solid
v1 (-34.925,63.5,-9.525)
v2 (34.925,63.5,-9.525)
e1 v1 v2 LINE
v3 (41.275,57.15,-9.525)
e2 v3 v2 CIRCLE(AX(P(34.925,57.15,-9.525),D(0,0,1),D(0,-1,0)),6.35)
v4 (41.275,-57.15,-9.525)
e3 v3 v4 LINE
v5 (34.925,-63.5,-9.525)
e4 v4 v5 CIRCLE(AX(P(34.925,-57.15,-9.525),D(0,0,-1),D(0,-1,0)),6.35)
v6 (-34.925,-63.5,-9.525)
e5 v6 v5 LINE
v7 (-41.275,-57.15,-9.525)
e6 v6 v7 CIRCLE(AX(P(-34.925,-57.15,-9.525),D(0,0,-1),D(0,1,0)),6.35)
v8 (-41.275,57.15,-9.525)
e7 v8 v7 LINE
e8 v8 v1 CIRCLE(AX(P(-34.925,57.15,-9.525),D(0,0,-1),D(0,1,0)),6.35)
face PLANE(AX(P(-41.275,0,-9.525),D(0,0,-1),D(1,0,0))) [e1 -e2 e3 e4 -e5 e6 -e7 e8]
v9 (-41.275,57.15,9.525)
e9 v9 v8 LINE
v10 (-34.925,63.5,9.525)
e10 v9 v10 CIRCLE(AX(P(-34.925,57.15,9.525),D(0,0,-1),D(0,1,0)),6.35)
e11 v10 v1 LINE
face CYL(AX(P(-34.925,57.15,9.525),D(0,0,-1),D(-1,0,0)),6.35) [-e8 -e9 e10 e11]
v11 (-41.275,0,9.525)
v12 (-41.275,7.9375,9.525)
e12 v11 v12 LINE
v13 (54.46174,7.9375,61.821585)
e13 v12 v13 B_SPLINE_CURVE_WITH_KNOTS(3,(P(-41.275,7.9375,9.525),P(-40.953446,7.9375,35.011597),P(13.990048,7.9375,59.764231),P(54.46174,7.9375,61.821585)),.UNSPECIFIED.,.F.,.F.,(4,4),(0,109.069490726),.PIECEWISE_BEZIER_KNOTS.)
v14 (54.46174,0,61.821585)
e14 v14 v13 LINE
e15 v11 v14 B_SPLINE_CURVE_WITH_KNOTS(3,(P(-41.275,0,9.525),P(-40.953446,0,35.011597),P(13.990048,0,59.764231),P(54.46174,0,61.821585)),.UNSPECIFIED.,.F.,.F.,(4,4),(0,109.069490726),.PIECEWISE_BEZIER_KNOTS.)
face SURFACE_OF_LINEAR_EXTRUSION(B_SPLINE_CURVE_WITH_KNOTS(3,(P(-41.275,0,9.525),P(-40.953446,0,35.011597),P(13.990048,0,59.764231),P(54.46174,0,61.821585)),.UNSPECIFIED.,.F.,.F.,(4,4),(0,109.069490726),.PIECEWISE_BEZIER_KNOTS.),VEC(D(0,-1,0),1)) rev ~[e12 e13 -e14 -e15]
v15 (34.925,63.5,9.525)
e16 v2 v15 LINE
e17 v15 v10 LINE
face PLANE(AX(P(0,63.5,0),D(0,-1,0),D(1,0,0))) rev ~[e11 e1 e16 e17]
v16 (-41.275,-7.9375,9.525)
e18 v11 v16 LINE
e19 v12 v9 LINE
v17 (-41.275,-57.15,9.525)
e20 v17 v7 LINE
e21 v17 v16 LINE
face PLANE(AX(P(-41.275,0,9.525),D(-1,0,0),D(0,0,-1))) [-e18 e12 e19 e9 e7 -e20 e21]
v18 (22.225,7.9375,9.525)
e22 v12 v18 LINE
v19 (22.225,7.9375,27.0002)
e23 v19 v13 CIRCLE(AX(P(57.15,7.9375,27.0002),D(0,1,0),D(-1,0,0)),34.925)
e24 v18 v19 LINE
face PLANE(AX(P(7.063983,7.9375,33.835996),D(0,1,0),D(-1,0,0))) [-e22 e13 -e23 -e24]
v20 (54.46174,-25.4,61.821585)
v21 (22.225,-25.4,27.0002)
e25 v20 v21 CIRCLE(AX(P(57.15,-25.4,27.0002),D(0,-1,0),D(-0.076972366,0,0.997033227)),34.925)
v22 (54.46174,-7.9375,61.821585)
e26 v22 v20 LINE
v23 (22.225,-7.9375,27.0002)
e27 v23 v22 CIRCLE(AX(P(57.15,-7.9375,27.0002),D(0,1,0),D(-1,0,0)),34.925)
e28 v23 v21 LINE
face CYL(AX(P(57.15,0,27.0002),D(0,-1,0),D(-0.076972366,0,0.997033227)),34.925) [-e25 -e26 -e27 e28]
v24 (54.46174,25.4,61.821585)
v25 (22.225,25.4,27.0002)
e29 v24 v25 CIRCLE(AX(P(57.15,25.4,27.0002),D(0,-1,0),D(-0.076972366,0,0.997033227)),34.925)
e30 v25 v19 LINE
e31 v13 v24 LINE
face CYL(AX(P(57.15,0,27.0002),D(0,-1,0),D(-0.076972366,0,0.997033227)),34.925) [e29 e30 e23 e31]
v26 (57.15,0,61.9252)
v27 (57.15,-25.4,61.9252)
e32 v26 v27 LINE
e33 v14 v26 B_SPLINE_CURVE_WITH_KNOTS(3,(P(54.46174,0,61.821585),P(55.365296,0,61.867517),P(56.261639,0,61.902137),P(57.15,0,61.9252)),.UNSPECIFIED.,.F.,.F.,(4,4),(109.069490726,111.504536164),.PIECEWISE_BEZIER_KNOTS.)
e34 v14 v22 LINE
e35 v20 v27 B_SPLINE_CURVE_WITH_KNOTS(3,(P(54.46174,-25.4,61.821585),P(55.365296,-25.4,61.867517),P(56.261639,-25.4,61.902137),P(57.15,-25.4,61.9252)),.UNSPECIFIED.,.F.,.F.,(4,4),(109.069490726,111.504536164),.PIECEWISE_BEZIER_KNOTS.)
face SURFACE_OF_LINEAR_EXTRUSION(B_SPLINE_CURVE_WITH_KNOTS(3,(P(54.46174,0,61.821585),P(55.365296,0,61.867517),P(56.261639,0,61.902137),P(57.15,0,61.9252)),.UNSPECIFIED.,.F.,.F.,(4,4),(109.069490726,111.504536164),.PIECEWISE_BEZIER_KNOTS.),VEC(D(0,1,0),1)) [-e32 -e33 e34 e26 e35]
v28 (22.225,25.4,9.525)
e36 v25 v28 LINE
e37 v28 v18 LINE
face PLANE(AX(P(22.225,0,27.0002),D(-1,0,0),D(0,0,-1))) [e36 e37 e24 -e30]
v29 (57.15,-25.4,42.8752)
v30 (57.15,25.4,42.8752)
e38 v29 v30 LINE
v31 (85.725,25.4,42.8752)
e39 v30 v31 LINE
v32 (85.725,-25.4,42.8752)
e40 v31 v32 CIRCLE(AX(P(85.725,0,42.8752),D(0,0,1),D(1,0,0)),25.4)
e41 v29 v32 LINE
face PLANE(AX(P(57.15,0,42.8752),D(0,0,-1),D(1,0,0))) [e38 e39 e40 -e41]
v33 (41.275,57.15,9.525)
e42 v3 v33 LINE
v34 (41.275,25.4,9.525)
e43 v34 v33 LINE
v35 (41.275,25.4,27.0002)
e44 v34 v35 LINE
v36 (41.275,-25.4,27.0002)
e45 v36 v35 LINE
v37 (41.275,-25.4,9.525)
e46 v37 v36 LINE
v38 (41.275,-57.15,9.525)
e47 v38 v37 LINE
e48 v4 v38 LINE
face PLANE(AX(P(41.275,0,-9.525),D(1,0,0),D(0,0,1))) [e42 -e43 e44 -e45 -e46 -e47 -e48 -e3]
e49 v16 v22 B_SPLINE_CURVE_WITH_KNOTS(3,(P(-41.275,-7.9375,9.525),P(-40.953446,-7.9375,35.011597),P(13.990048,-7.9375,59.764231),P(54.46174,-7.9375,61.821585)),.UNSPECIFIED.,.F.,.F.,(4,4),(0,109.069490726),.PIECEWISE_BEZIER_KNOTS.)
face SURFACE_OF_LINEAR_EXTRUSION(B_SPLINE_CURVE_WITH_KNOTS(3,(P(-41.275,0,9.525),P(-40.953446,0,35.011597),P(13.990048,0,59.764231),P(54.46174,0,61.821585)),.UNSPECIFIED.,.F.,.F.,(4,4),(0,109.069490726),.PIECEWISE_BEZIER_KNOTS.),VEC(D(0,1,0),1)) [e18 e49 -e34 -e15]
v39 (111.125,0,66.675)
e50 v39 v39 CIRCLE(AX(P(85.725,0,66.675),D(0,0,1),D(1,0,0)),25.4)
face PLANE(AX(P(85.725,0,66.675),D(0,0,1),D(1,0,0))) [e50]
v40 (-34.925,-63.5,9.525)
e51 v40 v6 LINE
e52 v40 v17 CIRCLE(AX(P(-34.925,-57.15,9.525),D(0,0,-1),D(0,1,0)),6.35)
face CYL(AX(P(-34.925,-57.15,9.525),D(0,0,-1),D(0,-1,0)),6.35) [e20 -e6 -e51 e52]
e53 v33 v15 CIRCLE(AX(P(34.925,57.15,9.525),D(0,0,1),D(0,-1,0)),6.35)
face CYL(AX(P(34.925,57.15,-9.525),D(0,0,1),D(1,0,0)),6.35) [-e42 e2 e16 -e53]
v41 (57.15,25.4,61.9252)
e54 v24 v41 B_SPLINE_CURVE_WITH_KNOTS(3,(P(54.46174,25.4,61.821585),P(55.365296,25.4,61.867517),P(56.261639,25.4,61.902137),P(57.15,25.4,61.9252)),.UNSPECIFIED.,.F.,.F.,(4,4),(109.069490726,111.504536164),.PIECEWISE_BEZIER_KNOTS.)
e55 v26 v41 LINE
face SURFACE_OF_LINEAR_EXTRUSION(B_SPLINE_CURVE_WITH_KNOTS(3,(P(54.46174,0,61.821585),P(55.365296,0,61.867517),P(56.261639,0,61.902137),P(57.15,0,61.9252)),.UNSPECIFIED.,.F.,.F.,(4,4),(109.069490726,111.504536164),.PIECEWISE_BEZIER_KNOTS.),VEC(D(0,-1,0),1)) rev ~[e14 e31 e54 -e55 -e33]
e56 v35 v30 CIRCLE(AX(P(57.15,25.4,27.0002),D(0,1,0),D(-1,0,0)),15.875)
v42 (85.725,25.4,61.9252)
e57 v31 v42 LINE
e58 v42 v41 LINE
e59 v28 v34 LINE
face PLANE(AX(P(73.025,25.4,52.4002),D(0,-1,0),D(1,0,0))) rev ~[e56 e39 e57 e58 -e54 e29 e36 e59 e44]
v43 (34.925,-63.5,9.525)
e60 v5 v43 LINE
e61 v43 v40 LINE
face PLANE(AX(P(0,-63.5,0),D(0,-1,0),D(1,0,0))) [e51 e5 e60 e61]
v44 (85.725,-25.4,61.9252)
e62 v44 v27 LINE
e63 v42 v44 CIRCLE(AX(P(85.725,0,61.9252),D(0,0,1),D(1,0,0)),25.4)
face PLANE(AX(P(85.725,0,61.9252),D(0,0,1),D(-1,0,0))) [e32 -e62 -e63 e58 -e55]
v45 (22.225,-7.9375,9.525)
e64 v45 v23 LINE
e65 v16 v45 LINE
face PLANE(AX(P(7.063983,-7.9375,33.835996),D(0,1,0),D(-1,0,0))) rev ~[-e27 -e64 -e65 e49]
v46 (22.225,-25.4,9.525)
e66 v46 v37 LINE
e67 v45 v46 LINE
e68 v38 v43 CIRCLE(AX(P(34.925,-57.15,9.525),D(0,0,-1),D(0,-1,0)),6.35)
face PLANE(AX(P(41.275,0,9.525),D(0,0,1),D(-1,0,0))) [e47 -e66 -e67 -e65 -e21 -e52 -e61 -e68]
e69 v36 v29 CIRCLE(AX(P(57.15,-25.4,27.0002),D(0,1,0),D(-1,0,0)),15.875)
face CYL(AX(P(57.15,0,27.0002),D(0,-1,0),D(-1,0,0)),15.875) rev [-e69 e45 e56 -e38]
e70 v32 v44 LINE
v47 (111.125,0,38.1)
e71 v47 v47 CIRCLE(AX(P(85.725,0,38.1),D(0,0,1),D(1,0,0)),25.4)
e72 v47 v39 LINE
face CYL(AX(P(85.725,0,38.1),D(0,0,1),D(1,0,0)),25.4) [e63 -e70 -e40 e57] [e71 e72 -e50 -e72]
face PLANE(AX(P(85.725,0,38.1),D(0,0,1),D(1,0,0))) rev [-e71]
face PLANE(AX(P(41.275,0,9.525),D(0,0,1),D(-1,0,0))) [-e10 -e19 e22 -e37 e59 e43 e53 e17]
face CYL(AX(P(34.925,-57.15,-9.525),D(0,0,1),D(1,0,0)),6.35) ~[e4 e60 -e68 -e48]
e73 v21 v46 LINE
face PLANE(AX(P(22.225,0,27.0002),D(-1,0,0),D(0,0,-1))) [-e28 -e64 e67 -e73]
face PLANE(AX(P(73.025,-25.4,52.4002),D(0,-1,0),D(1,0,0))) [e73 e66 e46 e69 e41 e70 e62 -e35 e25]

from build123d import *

# Parameters (mm, degrees)
F1_DEPTH = 63.5
F0_W     = 25.4
F0_H     = 19.05
F2_DEPTH = 25.4
F3_DEPTH = 7.9375
F5_R     = 6.35


with BuildPart() as f1:
    # F0 (on Front) → F1 (new body, symmetric)
    with BuildSketch(Plane.XZ):
        Polygon((-41.275, 9.525), (-41.275, -9.525), (41.275, -9.525), (41.275, 9.525), (22.225, 9.525), align=None)
    extrude(amount=F1_DEPTH, both=True)

    # F0 (on Front) → F2 (join, symmetric)
    with BuildSketch(Plane.XZ):
        with Locations((73.025, 52.4002)):
            Rectangle(F0_W, F0_H)
        with BuildLine():
            Line((22.225, 9.525), (41.275, 9.525))
            Line((41.275, 9.525), (41.275, 27.0002))
            ThreePointArc((41.275, 27.0002), (45.9246798487, 38.2255201513), (57.15, 42.8752))
            Line((57.15, 42.8752), (60.325, 42.8752))
            Line((60.325, 42.8752), (60.325, 61.9252))
            Line((60.325, 61.9252), (57.15, 61.9252))
            add(Edge.make_bspline(
                [(54.4617401278, 61.8215854385), (55.3652962771, 61.8675171828), (56.2616391895, 61.9021368307), (57.15, 61.9252)],
                knots=[109.0694907263, 109.0694907263, 109.0694907263, 109.0694907263, 111.5045361635, 111.5045361635, 111.5045361635, 111.5045361635], degree=3))
            ThreePointArc((54.4617401278, 61.8215854385), (31.5214699891, 50.7264317801), (22.225, 27.0002))
            Line((22.225, 27.0002), (22.225, 9.525))
        make_face()
    extrude(amount=F2_DEPTH, both=True)

    # F0 (on Front) → F3 (join, symmetric)
    with BuildSketch(Plane.XZ):
        with BuildLine():
            add(Edge.make_bspline(
                [(-41.275, 9.525), (-40.9534464322, 35.0115971257), (13.9900480858, 59.7642308284), (54.4617401278, 61.8215854385)],
                knots=[0, 0, 0, 0, 109.0694907263, 109.0694907263, 109.0694907263, 109.0694907263], degree=3))
            Line((-41.275, 9.525), (22.225, 9.525))
            Line((22.225, 9.525), (22.225, 27.0002))
            ThreePointArc((22.225, 27.0002), (31.5214699891, 50.7264317801), (54.4617401278, 61.8215854385))
        make_face()
    extrude(amount=F3_DEPTH, both=True)

    # F0 (on Front) → F4 (revolve)
    with BuildSketch(Plane.XZ):
        Polygon((85.725, 66.675), (85.725, 61.9252), (85.725, 42.8752), (85.725, 38.1), (111.125, 38.1), (111.125, 66.675), align=None)
    revolve(axis=Axis((85.725, 0, 52.3875), (0, 0, 1)))

    # F5
    f5_edges = [f1.edges().sort_by_distance(p)[0] for p in [
        (41.275, -63.5, 0),
        (-41.275, -63.5, 0),
        (-41.275, 63.5, 0),
        (41.275, 63.5, 0),
    ]]
    fillet(f5_edges, radius=F5_R)


solid = f1.part
